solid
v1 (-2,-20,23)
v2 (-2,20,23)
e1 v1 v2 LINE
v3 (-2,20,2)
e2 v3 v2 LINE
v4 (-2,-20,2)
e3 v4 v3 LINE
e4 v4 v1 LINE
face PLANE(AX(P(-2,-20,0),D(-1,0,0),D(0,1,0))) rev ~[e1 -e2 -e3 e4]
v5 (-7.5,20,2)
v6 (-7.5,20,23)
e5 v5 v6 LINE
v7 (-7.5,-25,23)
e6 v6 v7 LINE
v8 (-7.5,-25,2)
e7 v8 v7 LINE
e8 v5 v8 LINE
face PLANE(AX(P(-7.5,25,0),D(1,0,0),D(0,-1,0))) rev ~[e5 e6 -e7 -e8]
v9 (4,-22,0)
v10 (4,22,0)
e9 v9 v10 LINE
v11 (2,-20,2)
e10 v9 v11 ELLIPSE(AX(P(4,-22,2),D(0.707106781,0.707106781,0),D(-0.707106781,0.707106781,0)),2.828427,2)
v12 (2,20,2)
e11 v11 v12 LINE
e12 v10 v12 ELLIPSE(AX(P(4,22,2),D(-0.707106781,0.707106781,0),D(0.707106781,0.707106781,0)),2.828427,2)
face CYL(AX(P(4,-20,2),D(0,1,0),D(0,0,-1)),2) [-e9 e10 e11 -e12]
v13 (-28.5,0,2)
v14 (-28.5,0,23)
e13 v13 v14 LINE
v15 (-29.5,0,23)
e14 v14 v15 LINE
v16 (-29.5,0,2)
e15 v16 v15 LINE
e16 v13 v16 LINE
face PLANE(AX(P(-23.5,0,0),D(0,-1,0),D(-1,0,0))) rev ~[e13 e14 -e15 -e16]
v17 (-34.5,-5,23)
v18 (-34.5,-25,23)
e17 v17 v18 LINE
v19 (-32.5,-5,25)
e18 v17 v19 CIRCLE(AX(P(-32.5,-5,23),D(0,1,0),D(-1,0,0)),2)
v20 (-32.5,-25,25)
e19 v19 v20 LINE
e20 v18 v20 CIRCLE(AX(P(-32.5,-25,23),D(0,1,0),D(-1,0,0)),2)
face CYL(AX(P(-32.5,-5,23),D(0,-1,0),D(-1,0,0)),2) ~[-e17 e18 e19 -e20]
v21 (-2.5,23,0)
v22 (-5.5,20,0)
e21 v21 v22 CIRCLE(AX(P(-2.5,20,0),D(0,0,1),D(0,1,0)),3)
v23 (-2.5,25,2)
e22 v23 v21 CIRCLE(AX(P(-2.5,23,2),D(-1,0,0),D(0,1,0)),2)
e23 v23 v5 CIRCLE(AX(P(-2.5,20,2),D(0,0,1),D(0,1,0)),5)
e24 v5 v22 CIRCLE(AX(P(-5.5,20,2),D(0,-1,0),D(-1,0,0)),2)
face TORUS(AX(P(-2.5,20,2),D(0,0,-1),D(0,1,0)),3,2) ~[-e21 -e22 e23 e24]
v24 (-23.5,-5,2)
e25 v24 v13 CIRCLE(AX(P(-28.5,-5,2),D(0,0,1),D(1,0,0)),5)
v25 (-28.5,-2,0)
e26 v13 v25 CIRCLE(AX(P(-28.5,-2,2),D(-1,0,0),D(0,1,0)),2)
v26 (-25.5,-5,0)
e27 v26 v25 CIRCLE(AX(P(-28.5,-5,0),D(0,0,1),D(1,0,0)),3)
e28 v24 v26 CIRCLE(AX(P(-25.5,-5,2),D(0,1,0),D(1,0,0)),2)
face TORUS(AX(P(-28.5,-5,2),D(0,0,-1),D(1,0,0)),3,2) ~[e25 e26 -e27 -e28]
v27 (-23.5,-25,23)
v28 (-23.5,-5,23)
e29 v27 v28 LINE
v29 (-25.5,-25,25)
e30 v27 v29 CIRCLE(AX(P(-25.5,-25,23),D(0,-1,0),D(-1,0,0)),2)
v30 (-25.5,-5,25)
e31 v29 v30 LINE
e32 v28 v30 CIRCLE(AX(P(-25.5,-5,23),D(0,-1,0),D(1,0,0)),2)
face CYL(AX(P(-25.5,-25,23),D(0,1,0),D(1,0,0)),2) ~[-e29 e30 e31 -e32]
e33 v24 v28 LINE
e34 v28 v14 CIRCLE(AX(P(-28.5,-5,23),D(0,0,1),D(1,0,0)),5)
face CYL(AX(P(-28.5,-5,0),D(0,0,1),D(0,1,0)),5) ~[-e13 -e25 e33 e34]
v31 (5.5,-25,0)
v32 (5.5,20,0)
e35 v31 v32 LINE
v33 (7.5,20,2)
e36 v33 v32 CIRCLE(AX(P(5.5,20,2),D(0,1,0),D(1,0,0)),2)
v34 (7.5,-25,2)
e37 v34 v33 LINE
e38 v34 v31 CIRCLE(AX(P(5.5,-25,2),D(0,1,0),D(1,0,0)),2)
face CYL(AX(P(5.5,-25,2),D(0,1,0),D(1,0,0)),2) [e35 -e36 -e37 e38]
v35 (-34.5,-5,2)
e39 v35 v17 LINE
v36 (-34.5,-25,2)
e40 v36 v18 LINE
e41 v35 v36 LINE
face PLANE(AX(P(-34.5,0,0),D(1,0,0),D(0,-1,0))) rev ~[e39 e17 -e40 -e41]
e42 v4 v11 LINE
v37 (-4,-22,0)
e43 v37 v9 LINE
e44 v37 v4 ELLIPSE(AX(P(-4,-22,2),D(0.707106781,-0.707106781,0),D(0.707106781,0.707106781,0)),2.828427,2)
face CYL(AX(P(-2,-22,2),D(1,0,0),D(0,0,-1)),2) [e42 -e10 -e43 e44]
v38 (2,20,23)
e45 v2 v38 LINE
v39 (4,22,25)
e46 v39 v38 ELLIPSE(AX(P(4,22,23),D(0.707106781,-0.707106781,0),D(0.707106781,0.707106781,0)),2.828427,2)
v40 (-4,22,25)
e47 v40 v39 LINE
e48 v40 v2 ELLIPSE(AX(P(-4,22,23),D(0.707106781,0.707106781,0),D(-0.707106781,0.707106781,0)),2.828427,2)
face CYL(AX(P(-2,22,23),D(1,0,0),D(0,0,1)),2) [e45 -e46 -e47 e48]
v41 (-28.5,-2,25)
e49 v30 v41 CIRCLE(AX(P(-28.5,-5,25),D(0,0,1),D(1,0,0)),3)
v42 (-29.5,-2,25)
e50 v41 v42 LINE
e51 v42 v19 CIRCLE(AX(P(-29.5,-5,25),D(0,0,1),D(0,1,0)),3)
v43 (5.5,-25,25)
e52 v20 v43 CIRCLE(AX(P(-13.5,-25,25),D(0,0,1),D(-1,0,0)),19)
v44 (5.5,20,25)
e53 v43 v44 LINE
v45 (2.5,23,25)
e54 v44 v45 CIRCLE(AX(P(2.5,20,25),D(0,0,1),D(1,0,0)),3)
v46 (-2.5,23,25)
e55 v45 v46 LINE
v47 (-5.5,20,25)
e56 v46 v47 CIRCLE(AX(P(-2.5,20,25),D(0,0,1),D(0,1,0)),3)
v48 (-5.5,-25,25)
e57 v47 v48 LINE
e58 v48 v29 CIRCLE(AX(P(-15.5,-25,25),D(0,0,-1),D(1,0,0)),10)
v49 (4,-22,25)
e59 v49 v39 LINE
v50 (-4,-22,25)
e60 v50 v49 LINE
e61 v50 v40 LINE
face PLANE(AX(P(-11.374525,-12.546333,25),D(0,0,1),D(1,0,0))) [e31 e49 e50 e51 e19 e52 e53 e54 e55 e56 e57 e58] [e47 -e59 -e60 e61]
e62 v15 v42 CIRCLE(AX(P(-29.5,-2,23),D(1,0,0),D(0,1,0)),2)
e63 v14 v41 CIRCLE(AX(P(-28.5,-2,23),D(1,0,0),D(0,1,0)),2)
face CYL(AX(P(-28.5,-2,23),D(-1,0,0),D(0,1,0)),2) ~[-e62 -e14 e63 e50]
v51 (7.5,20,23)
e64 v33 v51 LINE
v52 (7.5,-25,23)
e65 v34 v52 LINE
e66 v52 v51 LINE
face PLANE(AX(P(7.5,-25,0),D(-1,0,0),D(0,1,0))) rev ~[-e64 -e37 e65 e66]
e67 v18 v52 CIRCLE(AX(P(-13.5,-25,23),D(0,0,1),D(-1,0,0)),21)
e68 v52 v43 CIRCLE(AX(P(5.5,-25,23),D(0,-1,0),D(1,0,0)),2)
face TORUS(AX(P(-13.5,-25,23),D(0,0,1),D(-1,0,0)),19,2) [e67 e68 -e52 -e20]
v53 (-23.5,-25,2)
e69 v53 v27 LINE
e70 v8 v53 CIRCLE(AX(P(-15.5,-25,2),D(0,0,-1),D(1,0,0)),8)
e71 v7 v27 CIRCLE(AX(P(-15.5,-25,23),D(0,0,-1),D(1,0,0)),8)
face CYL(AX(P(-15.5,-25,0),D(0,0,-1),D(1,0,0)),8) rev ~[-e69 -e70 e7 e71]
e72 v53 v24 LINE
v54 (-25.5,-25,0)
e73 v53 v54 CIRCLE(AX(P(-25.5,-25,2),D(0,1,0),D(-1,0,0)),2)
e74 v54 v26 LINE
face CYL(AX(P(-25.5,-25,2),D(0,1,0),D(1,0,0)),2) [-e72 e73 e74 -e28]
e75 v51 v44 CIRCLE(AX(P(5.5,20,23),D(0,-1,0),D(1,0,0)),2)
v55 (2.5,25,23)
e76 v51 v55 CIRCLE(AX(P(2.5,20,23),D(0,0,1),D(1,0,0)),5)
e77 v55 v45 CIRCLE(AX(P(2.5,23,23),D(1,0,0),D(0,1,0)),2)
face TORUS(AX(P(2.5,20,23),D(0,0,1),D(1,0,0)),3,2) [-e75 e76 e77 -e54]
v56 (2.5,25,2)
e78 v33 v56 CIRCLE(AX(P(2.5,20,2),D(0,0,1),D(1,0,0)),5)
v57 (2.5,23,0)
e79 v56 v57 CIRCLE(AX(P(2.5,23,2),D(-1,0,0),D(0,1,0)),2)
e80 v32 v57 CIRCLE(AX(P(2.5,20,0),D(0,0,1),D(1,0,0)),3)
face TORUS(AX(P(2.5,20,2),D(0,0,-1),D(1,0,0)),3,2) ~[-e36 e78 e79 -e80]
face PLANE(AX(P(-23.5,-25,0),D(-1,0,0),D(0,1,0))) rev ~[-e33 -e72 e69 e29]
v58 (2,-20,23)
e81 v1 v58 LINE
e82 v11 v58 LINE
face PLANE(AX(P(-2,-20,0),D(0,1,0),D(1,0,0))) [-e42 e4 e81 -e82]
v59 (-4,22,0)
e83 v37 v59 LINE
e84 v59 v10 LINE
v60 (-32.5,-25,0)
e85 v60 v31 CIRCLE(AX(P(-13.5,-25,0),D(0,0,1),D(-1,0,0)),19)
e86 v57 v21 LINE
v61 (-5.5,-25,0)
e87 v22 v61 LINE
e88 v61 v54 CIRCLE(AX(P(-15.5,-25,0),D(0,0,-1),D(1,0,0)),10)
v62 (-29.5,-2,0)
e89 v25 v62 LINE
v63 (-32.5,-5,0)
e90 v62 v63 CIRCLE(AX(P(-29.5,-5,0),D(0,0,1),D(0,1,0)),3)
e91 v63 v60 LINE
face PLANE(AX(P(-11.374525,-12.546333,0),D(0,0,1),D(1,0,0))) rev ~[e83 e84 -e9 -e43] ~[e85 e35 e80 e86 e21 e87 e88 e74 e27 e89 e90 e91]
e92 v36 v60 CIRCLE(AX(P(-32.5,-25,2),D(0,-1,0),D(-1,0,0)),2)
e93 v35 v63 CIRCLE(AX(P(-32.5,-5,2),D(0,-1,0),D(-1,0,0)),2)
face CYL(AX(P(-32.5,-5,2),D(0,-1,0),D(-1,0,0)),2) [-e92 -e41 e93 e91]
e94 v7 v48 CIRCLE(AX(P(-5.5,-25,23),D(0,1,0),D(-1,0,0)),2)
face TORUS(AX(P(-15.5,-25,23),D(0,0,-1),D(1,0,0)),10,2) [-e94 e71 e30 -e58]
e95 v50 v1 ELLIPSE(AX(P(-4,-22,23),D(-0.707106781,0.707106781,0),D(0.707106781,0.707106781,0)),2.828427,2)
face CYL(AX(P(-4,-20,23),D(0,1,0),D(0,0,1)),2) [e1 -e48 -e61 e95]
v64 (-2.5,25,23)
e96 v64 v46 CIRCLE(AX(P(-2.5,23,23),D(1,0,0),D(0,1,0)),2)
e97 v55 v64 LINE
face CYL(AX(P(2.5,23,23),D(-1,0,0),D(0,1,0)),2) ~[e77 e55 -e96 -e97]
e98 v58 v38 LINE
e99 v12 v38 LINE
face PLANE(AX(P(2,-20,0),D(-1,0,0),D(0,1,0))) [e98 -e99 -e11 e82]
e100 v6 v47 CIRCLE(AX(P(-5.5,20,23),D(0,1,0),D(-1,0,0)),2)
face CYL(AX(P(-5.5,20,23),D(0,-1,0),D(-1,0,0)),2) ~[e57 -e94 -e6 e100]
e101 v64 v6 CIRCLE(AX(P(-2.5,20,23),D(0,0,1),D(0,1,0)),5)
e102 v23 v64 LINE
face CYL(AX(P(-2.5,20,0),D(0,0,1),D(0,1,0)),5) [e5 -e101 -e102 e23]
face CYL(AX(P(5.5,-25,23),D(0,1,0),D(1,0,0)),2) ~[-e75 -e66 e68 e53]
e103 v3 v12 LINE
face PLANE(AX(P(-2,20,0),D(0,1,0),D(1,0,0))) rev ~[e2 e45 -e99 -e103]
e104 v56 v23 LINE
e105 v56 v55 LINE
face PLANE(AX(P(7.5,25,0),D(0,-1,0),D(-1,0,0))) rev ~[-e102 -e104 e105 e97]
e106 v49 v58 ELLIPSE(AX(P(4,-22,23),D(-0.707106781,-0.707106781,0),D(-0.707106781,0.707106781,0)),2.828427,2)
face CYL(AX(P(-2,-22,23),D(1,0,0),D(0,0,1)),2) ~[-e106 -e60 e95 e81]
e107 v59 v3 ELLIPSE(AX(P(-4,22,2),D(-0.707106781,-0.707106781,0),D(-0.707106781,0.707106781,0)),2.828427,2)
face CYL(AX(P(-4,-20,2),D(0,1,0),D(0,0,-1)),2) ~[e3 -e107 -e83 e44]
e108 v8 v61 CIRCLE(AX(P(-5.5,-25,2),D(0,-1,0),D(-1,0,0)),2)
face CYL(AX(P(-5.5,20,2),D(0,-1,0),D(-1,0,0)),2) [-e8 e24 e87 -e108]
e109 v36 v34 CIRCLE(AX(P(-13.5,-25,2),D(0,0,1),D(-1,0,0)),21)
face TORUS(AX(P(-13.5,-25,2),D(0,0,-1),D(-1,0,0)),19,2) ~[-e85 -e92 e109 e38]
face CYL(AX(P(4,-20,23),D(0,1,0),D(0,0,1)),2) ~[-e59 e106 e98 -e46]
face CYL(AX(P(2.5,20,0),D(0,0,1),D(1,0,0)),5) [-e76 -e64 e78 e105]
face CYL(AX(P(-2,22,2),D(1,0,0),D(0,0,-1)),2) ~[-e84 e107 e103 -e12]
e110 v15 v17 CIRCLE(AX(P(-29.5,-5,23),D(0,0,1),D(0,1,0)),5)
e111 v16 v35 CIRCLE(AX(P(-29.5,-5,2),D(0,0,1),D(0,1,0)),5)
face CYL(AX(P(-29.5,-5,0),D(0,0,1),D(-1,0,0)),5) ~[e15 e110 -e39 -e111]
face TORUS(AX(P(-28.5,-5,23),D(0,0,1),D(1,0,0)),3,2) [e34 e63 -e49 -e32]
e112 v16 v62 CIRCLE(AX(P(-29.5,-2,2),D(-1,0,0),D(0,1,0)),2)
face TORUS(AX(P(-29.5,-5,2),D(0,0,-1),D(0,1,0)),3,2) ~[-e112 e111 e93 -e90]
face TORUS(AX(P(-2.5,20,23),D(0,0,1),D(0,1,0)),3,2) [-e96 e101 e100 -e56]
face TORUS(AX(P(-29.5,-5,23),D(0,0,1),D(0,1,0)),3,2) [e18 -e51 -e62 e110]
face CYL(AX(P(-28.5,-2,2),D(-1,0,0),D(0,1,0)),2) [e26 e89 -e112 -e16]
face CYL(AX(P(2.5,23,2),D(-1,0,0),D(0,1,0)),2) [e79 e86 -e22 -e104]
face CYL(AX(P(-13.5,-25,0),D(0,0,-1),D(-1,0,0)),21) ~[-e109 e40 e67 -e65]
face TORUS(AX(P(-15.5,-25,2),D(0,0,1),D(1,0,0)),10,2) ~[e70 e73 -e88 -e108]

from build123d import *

# Parameters (mm, degrees)
F0_W     = 4
F0_H     = 40
F1_DEPTH = 25
F2_R     = 5
F3_R     = 2


with BuildPart() as f1:
    # F0 (on Top) → F1 (new body)
    with BuildSketch(Plane.XY):
        with BuildLine():
            Line((7.5, -25), (7.5, 25))
            Line((7.5, 25), (-7.5, 25))
            Line((-7.5, 25), (-7.5, -25))
            ThreePointArc((-7.5, -25), (-15.5, -33), (-23.5, -25))
            Line((-23.5, -25), (-23.5, 0))
            Line((-23.5, 0), (-34.5, 0))
            Line((-34.5, 0), (-34.5, -25))
            ThreePointArc((-34.5, -25), (-13.5, -46), (7.5, -25))
        make_face()
        Rectangle(F0_W, F0_H, mode=Mode.SUBTRACT)
    extrude(amount=F1_DEPTH)

    # F2
    f2_edges = [f1.edges().sort_by_distance(p)[0] for p in [
        (-7.5, 25, 12.5),
        (7.5, 25, 12.5),
        (-23.5, 0, 12.5),
        (-34.5, 0, 12.5),
    ]]
    fillet(f2_edges, radius=F2_R)

    # F3
    f3_edges = [f1.edges().sort_by_distance(p)[0] for p in [
        (7.5, -2.5, 25),
        (6.035534, 23.535534, 25),
        (-13.5, -46, 25),
        (0, 25, 25),
        (-34.5, -15, 25),
        (-6.035534, 23.535534, 25),
        (-33.035534, -1.464466, 25),
        (-7.5, -2.5, 25),
        (-29, 0, 25),
        (-15.5, -33, 25),
        (-24.964466, -1.464466, 25),
        (-23.5, -15, 25),
        (2, 0, 25),
        (0, -20, 25),
        (-2, 0, 25),
        (0, 20, 25),
        (7.5, -2.5, 0),
        (6.035534, 23.535534, 0),
        (-13.5, -46, 0),
        (0, 25, 0),
        (-34.5, -15, 0),
        (-6.035534, 23.535534, 0),
        (-33.035534, -1.464466, 0),
        (-7.5, -2.5, 0),
        (-29, 0, 0),
        (-15.5, -33, 0),
        (-24.964466, -1.464466, 0),
        (-23.5, -15, 0),
        (2, 0, 0),
        (0, -20, 0),
        (-2, 0, 0),
        (0, 20, 0),
    ]]
    fillet(f3_edges, radius=F3_R)


solid = f1.part
